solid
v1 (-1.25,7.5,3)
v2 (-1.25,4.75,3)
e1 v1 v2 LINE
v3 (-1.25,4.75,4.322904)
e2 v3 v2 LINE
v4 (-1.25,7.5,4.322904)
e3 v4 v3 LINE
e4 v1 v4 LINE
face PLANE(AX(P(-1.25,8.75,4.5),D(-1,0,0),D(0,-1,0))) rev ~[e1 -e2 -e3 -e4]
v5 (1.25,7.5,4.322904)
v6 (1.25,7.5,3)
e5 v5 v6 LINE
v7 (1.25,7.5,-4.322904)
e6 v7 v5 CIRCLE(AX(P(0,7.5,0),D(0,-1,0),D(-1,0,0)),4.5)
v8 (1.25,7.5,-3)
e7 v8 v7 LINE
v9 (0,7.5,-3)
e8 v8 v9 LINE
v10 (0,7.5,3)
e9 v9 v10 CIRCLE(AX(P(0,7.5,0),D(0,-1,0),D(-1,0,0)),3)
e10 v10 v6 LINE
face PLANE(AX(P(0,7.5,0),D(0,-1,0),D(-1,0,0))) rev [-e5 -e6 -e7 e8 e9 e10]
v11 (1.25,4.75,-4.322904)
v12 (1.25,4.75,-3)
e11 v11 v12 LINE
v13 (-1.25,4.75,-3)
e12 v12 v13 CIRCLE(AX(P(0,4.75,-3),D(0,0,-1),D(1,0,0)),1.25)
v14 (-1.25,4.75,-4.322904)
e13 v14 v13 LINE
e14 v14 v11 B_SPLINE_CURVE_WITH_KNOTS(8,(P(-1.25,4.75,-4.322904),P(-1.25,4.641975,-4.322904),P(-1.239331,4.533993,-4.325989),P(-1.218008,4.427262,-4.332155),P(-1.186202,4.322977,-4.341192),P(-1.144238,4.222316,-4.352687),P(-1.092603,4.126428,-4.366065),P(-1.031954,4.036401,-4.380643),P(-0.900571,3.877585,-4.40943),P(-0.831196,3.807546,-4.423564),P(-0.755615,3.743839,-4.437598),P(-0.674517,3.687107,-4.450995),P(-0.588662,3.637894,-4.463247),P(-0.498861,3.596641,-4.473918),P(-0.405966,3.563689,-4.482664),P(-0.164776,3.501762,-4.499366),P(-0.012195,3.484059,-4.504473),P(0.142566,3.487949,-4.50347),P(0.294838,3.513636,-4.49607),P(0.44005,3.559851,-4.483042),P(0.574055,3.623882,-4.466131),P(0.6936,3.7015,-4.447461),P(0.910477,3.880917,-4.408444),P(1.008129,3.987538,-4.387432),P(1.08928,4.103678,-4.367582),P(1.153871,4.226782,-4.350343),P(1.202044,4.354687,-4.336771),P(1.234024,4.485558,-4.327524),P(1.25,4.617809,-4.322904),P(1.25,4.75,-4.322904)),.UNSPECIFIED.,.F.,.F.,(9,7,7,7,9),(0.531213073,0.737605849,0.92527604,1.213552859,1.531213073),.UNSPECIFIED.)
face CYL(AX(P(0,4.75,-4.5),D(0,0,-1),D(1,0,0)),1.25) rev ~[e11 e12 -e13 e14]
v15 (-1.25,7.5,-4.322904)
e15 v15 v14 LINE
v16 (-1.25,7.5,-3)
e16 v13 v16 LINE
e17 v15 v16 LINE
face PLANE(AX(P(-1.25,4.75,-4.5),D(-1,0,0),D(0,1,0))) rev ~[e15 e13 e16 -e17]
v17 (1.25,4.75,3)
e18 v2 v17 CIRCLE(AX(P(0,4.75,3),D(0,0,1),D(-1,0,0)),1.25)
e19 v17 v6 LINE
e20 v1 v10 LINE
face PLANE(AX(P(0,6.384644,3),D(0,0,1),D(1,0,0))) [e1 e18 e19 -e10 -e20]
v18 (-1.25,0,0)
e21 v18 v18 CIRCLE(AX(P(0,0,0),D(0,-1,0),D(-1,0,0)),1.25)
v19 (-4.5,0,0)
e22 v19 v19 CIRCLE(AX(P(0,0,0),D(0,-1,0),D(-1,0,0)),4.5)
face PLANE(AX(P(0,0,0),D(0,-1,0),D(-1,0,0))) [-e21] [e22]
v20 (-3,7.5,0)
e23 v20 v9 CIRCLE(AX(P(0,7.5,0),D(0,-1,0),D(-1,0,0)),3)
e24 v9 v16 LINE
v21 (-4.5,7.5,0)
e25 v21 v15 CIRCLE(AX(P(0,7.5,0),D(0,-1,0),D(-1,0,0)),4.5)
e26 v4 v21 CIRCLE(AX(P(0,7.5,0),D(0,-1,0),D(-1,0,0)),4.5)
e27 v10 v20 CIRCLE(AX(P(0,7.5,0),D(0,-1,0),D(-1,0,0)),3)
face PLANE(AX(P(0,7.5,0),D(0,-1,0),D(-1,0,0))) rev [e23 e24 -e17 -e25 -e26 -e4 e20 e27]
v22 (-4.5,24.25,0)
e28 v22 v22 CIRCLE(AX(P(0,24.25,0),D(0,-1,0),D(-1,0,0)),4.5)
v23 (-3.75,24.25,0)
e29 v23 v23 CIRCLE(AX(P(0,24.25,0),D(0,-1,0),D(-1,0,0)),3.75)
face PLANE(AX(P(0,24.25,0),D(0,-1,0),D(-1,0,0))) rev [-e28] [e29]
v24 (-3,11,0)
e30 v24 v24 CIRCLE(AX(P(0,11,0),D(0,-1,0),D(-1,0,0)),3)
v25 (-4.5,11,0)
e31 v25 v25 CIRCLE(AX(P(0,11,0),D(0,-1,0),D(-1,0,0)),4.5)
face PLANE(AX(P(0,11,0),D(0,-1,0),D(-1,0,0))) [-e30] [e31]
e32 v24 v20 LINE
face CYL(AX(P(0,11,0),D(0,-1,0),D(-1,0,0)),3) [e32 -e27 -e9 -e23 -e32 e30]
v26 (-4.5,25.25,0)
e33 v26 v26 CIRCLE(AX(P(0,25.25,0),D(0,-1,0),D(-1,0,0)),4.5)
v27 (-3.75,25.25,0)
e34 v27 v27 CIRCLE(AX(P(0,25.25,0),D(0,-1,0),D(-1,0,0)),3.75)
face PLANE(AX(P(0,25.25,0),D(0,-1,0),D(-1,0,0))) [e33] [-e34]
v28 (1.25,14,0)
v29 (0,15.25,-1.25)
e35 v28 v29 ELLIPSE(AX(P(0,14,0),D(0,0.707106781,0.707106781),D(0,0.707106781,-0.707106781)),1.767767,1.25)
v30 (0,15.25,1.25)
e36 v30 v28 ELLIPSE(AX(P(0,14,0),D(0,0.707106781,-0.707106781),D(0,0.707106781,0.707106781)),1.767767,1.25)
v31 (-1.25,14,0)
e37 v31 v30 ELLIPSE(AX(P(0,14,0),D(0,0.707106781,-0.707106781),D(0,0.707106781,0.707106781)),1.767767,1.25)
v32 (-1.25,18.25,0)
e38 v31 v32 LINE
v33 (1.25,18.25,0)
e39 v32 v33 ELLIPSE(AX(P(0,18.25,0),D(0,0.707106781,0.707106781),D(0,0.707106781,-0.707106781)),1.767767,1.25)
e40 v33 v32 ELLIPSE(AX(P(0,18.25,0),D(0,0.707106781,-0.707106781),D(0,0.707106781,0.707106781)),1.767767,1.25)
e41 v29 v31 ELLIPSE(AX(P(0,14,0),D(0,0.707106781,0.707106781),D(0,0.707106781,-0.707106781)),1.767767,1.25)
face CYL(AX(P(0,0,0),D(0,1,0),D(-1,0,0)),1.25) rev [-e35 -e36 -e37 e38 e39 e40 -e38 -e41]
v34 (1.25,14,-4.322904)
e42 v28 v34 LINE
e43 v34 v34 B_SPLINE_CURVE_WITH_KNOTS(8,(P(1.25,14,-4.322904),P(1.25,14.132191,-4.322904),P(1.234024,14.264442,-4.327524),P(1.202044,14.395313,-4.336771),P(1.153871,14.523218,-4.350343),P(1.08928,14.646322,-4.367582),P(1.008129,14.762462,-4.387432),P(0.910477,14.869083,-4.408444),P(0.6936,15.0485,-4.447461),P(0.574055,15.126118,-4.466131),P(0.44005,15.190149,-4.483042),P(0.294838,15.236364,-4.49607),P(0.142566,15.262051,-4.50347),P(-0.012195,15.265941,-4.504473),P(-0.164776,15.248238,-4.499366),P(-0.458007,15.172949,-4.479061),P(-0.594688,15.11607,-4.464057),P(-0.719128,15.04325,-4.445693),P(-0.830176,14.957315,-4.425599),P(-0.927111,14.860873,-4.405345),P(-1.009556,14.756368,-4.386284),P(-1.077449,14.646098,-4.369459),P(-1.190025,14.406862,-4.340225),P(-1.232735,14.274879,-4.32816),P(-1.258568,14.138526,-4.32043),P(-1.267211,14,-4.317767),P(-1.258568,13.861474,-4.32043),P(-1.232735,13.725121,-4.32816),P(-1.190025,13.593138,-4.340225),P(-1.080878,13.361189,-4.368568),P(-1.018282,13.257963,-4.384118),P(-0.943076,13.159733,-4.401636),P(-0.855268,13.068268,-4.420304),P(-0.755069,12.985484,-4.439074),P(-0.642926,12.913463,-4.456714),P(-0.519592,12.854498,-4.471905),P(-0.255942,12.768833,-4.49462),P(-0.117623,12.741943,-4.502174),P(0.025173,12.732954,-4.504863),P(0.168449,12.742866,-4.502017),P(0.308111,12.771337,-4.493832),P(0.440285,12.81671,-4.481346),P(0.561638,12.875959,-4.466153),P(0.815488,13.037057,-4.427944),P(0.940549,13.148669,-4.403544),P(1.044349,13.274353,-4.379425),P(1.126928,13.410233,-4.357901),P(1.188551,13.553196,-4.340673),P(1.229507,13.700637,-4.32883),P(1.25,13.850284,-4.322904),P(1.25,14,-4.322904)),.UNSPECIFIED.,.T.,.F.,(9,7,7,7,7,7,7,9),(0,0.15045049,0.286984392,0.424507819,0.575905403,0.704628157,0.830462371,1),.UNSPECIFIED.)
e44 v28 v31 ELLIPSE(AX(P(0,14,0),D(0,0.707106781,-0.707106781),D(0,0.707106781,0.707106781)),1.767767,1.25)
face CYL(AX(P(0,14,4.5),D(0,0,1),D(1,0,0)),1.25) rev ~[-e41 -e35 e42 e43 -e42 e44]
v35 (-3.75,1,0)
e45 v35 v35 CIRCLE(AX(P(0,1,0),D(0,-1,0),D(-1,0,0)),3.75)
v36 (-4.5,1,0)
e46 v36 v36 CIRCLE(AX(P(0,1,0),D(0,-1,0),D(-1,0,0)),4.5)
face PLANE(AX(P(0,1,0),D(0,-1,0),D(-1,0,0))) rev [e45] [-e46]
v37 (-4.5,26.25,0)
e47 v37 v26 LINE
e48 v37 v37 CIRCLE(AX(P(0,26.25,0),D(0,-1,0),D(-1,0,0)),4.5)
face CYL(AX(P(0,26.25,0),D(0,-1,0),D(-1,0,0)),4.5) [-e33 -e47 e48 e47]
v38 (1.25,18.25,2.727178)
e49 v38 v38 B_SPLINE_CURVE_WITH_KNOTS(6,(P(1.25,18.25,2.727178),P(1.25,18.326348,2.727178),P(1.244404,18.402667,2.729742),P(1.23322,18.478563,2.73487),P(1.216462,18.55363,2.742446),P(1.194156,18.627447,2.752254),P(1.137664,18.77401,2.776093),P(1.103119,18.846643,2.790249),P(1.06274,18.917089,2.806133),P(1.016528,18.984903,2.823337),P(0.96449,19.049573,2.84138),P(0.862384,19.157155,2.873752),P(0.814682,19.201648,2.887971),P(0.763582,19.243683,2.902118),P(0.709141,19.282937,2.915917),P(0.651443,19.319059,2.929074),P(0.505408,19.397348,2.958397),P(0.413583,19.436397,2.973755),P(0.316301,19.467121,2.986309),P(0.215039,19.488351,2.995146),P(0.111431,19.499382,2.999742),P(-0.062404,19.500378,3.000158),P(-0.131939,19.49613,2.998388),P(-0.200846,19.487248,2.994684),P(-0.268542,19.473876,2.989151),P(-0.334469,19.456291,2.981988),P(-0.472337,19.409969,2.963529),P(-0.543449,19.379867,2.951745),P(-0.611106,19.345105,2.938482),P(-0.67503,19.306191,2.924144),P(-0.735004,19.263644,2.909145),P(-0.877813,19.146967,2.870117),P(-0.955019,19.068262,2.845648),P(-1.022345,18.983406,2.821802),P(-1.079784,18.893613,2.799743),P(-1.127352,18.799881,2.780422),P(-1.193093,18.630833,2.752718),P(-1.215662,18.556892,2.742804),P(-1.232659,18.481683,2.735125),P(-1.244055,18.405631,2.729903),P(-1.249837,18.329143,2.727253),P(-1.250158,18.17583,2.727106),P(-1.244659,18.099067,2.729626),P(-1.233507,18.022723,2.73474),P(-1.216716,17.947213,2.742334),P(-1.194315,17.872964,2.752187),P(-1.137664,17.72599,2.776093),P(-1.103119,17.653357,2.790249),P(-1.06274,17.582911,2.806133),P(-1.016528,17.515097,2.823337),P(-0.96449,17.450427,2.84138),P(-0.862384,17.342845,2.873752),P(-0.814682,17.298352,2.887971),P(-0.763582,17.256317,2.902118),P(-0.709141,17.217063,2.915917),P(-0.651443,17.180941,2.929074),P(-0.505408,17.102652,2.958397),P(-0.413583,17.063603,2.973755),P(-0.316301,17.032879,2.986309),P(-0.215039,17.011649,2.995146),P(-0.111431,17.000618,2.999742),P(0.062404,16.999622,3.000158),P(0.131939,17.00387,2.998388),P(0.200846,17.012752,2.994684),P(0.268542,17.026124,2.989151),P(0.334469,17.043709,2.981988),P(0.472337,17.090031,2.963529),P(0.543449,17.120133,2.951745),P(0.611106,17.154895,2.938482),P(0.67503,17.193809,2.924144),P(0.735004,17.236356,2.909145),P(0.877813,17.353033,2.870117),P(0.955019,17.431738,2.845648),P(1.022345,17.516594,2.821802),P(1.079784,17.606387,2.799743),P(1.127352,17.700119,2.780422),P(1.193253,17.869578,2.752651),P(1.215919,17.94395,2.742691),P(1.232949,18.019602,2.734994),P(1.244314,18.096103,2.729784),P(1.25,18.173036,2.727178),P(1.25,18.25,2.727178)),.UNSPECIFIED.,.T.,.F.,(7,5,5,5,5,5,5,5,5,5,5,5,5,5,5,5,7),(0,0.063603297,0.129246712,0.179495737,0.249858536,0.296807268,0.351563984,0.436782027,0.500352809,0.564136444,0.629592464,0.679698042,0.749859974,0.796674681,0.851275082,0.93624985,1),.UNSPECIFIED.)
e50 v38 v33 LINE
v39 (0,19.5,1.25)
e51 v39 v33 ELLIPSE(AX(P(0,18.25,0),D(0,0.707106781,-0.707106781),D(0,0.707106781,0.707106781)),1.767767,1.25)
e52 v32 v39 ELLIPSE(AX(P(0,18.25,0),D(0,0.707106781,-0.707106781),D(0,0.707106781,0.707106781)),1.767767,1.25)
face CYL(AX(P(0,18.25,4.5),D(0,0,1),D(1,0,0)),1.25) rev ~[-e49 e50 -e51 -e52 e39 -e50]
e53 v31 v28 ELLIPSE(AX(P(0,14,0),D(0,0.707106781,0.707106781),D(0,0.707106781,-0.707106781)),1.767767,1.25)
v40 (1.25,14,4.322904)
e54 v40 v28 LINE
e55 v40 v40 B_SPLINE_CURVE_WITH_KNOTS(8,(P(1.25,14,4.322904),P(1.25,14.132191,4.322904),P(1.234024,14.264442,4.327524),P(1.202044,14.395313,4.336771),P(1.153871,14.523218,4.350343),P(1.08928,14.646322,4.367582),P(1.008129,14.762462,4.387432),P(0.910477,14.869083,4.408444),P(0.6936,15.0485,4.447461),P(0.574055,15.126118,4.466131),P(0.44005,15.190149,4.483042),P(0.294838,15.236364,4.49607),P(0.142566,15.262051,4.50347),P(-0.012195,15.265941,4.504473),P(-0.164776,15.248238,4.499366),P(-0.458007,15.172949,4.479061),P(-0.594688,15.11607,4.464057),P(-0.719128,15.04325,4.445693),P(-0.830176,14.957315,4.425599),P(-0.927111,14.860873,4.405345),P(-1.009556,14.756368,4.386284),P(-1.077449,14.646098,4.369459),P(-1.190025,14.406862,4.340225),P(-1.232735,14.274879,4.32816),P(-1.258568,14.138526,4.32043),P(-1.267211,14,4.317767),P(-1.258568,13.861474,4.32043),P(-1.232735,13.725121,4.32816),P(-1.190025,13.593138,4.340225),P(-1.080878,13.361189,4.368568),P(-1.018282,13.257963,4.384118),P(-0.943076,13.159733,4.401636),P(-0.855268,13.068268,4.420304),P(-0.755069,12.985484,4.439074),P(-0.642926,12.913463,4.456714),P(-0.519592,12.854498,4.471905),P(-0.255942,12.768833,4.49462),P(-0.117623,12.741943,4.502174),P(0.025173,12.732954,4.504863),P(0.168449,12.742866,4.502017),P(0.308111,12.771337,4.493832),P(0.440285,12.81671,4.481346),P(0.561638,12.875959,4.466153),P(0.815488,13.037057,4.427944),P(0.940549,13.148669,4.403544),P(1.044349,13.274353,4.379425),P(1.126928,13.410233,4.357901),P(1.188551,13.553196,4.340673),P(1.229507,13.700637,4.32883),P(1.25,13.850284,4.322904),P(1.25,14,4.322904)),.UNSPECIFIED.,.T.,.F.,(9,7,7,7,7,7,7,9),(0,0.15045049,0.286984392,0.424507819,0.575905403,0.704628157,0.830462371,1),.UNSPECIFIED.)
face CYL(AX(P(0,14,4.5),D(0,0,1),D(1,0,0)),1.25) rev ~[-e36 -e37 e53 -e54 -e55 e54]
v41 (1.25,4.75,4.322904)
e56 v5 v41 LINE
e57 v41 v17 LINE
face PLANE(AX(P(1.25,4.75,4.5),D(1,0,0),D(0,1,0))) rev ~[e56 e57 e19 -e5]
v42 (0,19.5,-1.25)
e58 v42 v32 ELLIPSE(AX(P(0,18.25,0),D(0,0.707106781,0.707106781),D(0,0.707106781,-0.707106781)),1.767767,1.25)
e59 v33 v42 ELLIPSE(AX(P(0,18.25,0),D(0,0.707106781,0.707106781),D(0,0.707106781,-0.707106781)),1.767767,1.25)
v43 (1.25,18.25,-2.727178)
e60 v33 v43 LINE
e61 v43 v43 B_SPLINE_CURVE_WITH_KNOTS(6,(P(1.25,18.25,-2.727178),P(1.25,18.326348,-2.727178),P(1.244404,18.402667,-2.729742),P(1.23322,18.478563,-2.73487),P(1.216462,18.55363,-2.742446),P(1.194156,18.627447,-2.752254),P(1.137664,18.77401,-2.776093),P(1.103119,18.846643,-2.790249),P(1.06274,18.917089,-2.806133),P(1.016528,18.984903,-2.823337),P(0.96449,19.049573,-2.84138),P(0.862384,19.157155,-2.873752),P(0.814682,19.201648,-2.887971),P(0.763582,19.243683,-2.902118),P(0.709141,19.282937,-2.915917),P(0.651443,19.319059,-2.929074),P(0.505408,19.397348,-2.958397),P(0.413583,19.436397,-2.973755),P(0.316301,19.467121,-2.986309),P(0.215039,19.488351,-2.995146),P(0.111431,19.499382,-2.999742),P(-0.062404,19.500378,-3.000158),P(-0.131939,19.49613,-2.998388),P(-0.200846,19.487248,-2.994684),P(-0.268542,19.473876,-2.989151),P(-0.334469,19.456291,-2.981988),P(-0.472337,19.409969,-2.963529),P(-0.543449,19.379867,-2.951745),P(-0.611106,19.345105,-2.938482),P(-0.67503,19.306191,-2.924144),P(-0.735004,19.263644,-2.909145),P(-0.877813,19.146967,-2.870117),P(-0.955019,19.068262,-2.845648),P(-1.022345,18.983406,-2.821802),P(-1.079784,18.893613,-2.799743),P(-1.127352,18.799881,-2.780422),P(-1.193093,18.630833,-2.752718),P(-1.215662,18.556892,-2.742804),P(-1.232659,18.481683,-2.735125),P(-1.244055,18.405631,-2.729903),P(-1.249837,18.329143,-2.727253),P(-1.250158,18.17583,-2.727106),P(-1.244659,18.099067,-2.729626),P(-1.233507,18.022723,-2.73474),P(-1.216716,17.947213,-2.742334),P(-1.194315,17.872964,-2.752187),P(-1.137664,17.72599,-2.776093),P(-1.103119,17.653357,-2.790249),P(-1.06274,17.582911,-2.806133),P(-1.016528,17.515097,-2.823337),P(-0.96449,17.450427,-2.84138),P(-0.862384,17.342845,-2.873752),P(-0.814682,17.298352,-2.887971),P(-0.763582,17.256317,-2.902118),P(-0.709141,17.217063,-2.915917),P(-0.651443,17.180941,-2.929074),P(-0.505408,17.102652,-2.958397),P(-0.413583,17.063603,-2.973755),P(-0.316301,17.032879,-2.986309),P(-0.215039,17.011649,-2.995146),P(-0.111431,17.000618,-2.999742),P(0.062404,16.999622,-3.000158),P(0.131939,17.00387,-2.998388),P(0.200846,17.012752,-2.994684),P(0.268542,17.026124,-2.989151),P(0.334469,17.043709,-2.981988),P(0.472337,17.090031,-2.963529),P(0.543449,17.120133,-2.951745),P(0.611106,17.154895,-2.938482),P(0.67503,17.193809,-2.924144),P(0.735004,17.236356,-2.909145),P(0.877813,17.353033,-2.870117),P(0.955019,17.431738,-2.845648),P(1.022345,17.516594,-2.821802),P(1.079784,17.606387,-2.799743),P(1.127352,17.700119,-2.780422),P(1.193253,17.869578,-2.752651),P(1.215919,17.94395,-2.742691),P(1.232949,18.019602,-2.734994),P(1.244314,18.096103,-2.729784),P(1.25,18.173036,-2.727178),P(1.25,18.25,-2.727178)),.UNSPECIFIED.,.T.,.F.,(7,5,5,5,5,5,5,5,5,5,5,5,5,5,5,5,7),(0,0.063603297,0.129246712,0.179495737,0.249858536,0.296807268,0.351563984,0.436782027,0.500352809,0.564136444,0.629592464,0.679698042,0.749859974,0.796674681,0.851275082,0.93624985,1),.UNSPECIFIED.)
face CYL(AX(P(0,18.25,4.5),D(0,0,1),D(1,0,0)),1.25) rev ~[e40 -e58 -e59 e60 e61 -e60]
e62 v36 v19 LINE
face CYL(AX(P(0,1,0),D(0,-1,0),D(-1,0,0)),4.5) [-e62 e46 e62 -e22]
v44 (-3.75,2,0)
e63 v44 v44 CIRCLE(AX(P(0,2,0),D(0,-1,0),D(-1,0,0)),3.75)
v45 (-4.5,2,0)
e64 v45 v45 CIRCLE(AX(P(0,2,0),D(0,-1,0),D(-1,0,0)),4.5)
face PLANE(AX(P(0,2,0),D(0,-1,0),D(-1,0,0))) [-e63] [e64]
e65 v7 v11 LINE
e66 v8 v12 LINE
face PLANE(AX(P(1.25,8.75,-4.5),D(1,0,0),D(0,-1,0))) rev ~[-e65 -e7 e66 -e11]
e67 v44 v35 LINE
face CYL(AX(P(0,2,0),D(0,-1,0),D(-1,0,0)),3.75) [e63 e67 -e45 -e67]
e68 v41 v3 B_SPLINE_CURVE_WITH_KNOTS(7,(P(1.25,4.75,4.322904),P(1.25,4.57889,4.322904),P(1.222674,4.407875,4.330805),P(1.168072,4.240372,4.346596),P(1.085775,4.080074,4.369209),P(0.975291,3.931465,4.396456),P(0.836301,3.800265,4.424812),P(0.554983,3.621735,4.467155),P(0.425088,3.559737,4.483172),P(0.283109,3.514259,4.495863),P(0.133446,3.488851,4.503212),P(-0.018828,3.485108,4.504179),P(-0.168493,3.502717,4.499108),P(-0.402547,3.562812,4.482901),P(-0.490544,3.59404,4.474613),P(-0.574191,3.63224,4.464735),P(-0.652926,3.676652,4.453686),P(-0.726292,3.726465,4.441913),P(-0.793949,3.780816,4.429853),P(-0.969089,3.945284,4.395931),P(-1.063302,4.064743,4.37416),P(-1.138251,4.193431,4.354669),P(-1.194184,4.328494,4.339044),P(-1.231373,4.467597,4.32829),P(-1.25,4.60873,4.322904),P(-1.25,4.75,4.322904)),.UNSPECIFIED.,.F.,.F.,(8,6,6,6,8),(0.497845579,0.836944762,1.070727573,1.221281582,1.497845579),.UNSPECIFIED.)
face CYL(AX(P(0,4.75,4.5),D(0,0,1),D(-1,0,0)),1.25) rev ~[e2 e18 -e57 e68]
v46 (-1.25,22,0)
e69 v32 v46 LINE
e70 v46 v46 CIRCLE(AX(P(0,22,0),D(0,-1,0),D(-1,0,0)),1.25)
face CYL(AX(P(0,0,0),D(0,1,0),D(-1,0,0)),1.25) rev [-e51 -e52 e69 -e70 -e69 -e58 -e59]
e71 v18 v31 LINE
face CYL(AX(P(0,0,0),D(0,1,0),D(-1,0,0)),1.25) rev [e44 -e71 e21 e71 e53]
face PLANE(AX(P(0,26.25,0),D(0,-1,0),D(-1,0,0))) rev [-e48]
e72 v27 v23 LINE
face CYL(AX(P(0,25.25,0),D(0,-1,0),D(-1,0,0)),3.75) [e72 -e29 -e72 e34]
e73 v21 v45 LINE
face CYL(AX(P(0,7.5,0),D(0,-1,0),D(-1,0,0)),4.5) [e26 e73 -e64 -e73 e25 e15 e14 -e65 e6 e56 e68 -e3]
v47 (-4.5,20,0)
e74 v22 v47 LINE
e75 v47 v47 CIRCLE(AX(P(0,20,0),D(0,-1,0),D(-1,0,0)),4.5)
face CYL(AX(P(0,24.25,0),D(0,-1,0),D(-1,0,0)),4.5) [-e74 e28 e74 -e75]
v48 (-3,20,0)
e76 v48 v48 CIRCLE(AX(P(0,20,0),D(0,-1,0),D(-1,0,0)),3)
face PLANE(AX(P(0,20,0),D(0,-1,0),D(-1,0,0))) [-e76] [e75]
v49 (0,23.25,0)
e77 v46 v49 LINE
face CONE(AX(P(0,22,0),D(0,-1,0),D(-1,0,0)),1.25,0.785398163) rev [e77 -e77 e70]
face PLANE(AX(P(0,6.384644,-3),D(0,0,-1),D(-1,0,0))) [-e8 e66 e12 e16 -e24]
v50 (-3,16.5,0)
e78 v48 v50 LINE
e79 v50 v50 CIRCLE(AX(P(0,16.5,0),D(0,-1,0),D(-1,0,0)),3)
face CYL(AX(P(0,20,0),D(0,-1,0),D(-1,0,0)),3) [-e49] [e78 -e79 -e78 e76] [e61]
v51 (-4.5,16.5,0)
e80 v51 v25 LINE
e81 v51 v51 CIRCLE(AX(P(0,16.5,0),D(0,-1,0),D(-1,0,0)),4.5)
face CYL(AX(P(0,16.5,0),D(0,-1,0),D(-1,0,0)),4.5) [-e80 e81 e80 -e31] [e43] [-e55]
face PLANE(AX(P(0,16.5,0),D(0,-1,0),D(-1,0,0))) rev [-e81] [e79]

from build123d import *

# Parameters (mm, degrees)
F4_DEPTH = 1.5
F3_R     = 1.25
F5_DEPTH = 25
F6_COUNT = 2
F6_ANGLE = 180


with BuildPart() as f1:
    # F0 (on Top) → F1 (revolve)
    with BuildSketch(Plane.XY):
        Polygon((-4.5, 0), (-2.5, 0), (-1.25, 0), (-1.25, 22), (0, 23.25), (0, 26.25), (-4.5, 26.25), (-4.5, 25.25), (-3.75, 25.25), (-3.75, 24.25), (-4.5, 24.25), (-4.5, 20), (-3, 20), (-3, 16.5), (-4.5, 16.5), (-4.5, 11), (-3, 11), (-3, 7.5), (-4.5, 7.5), (-4.5, 2), (-3.75, 2), (-3.75, 1), (-4.5, 1), align=None)
    revolve(axis=Axis((0, 2.3840577891, 0), (0, -1, 0)))

    # F3 (on offset) → F5 (cut)
    with BuildSketch(Plane.XY.offset(4.5)):
        with Locations((0, 14)):
            Circle(F3_R)
        with Locations((0, 18.25)):
            Circle(F3_R)
    extrude(amount=-F5_DEPTH, mode=Mode.SUBTRACT)


with BuildPart() as f4:
    # F3 (on offset) → F4 (new body)
    with BuildSketch(Plane.XY.offset(4.5)):
        with BuildLine():
            Line((-1.25, 8.75), (-1.25, 4.75))
            ThreePointArc((-1.25, 4.75), (0, 3.5), (1.25, 4.75))
            Line((1.25, 4.75), (1.25, 8.75))
            Line((1.25, 8.75), (-1.25, 8.75))
        make_face()
    extrude(amount=-F4_DEPTH)


with BuildPart() as f6_1:
    # F6: instance of F4
    add(f4.part.rotate(Axis((0, 0, 0), (0, -1, 0)), 1 * F6_ANGLE / (F6_COUNT - 1)))


with BuildPart() as f1_1:
    add(f1.part)

    # F7: cut F4, F6_1
    add(f4.part, mode=Mode.SUBTRACT)
    add(f6_1.part, mode=Mode.SUBTRACT)


solid = f1_1.part
